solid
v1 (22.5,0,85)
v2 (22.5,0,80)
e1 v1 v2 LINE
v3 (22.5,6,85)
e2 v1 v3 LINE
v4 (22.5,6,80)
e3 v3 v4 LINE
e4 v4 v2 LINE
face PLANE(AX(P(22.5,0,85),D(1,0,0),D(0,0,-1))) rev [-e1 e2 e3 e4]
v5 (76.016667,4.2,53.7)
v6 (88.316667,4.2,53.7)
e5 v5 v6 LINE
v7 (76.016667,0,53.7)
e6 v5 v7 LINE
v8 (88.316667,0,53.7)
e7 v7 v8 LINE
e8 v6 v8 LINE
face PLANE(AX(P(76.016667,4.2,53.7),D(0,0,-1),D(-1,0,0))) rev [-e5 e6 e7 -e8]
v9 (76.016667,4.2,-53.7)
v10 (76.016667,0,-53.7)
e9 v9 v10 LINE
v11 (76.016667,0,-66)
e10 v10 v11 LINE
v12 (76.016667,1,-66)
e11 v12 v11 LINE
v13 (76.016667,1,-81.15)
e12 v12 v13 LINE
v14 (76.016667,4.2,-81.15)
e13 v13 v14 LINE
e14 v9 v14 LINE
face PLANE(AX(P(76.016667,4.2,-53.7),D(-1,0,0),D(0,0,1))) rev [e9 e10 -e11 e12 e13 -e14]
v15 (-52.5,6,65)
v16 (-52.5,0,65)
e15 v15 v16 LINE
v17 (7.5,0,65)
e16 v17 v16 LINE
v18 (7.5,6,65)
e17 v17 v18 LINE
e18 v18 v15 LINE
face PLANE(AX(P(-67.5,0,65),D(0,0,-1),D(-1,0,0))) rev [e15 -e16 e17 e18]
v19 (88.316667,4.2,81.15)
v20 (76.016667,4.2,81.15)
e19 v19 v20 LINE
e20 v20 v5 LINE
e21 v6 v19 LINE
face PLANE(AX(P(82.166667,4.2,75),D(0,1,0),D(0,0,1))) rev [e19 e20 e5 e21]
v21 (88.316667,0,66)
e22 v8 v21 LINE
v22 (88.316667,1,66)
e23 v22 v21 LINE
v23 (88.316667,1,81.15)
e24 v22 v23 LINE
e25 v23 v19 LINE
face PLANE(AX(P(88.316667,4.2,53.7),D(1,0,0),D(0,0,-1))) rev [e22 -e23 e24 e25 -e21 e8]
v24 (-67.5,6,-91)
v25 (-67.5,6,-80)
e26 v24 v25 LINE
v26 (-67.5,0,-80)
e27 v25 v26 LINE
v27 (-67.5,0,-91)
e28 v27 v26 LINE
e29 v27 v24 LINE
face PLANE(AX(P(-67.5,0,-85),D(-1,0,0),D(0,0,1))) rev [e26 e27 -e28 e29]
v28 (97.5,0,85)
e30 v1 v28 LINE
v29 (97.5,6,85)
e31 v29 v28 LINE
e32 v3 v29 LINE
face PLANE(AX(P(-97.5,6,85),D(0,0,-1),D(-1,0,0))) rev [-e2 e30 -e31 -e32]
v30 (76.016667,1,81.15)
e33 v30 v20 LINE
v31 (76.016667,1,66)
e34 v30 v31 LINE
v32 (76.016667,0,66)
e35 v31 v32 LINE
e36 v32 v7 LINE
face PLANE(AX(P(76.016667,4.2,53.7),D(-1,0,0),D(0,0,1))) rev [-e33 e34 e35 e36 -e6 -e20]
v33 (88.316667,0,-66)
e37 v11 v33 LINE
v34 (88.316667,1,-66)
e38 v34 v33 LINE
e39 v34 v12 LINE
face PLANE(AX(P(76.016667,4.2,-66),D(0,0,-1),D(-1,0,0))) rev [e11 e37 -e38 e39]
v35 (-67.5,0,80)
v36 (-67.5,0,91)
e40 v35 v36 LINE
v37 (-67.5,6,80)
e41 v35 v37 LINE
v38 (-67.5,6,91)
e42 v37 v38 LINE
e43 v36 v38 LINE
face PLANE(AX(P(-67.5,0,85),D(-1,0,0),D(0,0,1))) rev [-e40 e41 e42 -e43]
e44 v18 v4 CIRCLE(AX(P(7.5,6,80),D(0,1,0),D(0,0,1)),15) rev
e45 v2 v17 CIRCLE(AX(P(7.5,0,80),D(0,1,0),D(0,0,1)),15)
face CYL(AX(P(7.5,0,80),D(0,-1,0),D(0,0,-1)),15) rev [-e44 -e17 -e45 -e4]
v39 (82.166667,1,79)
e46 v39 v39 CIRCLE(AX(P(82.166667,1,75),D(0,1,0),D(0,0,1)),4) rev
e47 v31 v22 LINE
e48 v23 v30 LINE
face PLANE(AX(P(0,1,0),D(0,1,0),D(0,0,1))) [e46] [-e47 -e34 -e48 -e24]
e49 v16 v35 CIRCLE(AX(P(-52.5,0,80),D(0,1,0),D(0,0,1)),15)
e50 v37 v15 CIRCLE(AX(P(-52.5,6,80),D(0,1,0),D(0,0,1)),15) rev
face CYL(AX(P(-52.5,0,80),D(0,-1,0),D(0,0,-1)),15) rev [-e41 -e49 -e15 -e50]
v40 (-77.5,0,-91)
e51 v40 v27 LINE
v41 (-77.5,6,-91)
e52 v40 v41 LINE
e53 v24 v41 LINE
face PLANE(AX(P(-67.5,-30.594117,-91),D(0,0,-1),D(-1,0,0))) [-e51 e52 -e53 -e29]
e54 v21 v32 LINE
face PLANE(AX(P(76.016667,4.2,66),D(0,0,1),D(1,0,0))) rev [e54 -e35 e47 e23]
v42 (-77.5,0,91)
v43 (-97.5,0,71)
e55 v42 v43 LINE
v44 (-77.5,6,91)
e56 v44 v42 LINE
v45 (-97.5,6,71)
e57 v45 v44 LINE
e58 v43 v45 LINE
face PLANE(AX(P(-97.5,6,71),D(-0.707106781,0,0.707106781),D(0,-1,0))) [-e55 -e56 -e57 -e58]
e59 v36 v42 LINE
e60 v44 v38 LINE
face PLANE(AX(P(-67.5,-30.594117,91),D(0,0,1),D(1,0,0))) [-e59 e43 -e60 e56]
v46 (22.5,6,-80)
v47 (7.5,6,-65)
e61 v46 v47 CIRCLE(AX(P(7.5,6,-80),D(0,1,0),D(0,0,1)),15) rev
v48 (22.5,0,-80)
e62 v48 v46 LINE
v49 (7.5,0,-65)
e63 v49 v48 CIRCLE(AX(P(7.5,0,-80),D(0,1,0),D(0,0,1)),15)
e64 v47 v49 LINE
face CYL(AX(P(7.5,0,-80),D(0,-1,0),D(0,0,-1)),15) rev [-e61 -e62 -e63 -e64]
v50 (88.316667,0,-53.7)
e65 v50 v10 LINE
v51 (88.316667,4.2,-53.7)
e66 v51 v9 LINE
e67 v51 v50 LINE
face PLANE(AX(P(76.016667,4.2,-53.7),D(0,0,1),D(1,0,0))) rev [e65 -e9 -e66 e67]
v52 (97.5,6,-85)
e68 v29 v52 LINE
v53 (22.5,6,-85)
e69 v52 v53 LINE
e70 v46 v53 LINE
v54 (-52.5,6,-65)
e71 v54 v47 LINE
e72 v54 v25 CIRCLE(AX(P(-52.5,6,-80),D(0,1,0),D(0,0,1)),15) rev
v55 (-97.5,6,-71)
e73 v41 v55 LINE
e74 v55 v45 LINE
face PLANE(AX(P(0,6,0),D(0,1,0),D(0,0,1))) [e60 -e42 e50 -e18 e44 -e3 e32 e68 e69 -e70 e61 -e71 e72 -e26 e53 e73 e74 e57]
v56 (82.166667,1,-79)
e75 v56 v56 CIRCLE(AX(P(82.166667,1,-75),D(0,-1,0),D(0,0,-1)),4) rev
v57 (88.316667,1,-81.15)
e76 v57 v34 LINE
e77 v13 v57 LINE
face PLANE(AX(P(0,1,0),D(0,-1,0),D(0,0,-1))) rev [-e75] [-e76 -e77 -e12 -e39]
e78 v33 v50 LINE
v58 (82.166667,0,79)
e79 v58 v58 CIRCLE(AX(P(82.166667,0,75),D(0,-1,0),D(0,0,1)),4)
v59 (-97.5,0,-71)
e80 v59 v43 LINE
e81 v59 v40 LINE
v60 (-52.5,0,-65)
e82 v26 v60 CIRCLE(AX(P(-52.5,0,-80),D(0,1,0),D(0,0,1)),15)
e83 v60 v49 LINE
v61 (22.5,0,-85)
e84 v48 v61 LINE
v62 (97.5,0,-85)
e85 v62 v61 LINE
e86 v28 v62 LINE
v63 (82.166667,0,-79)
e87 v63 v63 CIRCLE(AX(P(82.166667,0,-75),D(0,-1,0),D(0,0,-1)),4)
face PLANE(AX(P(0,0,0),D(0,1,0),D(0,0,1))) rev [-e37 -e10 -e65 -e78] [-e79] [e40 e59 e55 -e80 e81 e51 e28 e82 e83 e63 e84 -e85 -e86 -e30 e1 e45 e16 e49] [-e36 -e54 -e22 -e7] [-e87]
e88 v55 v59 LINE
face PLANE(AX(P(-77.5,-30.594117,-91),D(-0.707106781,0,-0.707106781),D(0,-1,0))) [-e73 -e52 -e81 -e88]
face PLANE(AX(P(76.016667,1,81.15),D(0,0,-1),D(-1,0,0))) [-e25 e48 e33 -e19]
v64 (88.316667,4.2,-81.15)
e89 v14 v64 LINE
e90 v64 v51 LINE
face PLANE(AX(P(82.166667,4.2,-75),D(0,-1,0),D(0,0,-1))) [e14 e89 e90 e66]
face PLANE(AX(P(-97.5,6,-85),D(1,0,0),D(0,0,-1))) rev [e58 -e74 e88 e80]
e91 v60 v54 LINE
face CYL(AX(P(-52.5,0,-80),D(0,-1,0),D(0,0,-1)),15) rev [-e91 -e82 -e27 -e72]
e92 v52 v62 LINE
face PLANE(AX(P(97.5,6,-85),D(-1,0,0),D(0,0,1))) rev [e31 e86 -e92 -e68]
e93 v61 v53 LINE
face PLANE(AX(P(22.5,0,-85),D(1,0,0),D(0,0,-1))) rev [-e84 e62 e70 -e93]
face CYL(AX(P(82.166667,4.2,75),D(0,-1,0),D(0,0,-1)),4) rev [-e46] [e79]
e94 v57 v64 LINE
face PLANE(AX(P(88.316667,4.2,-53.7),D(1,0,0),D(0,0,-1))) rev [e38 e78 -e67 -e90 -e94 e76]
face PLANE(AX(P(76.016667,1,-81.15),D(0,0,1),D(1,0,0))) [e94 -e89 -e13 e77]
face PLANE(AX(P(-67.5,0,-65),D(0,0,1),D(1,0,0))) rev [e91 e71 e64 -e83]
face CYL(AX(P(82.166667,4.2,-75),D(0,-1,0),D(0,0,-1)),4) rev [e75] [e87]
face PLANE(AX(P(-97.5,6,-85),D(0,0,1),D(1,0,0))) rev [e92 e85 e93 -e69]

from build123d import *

# Parameters (mm, degrees)
SKETCH1_W           = 195
SKETCH1_H           = 170
BOSS_EXTRUDE1_DEPTH = 6
SKETCH2_W           = 90
SKETCH2_H           = 20
CUT_EXTRUDE1_DEPTH  = 130.48841647
FILLET1_R           = 15
SKETCH3_W           = 30
SKETCH3_H           = 6
BOSS_EXTRUDE2_DEPTH = 6
CHAMFER1_SIZE       = 20
SKETCH4_R           = 4
CUT_EXTRUDE2_DEPTH  = 4.2
SKETCH5_W           = 12.3
SKETCH5_H           = 12.3
CUT_EXTRUDE3_DEPTH  = 4.2
SKETCH6_W           = 12.3
SKETCH6_H           = 15.15
CUT_EXTRUDE4_DEPTH  = 3.2


with BuildPart() as part:
    # Sketch1 → Boss-Extrude1 (new body)
    with BuildSketch(Plane(origin=(0, 0, 0), x_dir=(1, 0, 0), z_dir=(0, 1, 0))):
        Rectangle(SKETCH1_W, SKETCH1_H)
    extrude(amount=BOSS_EXTRUDE1_DEPTH)

    # Sketch2 → Cut-Extrude1 (cut, through all)
    with BuildSketch(Plane(origin=(0, 6, 0), x_dir=(1, 0, 0), z_dir=(0, 1, 0))):
        with Locations((-22.5, -75)):
            Rectangle(SKETCH2_W, SKETCH2_H)
        with Locations((-22.5, 75)):
            Rectangle(SKETCH2_W, SKETCH2_H)
    extrude(amount=-CUT_EXTRUDE1_DEPTH, mode=Mode.SUBTRACT)

    # Fillet1
    fillet1_edges = [part.edges().sort_by_distance(p)[0] for p in [
        (-67.5, 3, 65),
        (22.5, 3, 65),
        (-67.5, 3, -65),
        (22.5, 3, -65),
    ]]
    fillet(fillet1_edges, radius=FILLET1_R)

    # Sketch3 → Boss-Extrude2 (add)
    with BuildSketch(Plane(origin=(0, 6, 0), x_dir=(1, 0, 0), z_dir=(0, 1, 0))):
        with Locations((-82.5, 88)):
            Rectangle(SKETCH3_W, SKETCH3_H)
        with Locations((-82.5, -88)):
            Rectangle(SKETCH3_W, SKETCH3_H)
    extrude(amount=-BOSS_EXTRUDE2_DEPTH)

    # Chamfer1
    chamfer1_edges = [part.edges().sort_by_distance(p)[0] for p in [
        (-97.5, 3, -91),
        (-97.5, 3, 91),
    ]]
    chamfer(chamfer1_edges, length=CHAMFER1_SIZE)

    # Sketch4 → Cut-Extrude2 (cut)
    with BuildSketch(Plane.XZ):
        with Locations(Location((82.166666667, -75, 0), (0, 0, 270))):
            Circle(SKETCH4_R)
        with Locations(Location((82.166666667, 75, 0), (0, 0, 90))):
            Circle(SKETCH4_R)
    extrude(amount=-CUT_EXTRUDE2_DEPTH, mode=Mode.SUBTRACT)

    # Sketch5 → Cut-Extrude3 (cut)
    with BuildSketch(Plane.XZ):
        with Locations((82.166666667, 59.85)):
            Rectangle(SKETCH5_W, SKETCH5_H)
        with Locations((82.166666667, -59.85)):
            Rectangle(SKETCH5_W, SKETCH5_H)
    extrude(amount=-CUT_EXTRUDE3_DEPTH, mode=Mode.SUBTRACT)

    # Sketch6 → Cut-Extrude4 (cut)
    with BuildSketch(Plane.XZ.offset(-4.2)):
        with Locations((82.166666667, -73.575)):
            Rectangle(SKETCH6_W, SKETCH6_H)
        with Locations((82.166666667, 73.575)):
            Rectangle(SKETCH6_W, SKETCH6_H)
    extrude(amount=CUT_EXTRUDE4_DEPTH, mode=Mode.SUBTRACT)


solid = part.part
